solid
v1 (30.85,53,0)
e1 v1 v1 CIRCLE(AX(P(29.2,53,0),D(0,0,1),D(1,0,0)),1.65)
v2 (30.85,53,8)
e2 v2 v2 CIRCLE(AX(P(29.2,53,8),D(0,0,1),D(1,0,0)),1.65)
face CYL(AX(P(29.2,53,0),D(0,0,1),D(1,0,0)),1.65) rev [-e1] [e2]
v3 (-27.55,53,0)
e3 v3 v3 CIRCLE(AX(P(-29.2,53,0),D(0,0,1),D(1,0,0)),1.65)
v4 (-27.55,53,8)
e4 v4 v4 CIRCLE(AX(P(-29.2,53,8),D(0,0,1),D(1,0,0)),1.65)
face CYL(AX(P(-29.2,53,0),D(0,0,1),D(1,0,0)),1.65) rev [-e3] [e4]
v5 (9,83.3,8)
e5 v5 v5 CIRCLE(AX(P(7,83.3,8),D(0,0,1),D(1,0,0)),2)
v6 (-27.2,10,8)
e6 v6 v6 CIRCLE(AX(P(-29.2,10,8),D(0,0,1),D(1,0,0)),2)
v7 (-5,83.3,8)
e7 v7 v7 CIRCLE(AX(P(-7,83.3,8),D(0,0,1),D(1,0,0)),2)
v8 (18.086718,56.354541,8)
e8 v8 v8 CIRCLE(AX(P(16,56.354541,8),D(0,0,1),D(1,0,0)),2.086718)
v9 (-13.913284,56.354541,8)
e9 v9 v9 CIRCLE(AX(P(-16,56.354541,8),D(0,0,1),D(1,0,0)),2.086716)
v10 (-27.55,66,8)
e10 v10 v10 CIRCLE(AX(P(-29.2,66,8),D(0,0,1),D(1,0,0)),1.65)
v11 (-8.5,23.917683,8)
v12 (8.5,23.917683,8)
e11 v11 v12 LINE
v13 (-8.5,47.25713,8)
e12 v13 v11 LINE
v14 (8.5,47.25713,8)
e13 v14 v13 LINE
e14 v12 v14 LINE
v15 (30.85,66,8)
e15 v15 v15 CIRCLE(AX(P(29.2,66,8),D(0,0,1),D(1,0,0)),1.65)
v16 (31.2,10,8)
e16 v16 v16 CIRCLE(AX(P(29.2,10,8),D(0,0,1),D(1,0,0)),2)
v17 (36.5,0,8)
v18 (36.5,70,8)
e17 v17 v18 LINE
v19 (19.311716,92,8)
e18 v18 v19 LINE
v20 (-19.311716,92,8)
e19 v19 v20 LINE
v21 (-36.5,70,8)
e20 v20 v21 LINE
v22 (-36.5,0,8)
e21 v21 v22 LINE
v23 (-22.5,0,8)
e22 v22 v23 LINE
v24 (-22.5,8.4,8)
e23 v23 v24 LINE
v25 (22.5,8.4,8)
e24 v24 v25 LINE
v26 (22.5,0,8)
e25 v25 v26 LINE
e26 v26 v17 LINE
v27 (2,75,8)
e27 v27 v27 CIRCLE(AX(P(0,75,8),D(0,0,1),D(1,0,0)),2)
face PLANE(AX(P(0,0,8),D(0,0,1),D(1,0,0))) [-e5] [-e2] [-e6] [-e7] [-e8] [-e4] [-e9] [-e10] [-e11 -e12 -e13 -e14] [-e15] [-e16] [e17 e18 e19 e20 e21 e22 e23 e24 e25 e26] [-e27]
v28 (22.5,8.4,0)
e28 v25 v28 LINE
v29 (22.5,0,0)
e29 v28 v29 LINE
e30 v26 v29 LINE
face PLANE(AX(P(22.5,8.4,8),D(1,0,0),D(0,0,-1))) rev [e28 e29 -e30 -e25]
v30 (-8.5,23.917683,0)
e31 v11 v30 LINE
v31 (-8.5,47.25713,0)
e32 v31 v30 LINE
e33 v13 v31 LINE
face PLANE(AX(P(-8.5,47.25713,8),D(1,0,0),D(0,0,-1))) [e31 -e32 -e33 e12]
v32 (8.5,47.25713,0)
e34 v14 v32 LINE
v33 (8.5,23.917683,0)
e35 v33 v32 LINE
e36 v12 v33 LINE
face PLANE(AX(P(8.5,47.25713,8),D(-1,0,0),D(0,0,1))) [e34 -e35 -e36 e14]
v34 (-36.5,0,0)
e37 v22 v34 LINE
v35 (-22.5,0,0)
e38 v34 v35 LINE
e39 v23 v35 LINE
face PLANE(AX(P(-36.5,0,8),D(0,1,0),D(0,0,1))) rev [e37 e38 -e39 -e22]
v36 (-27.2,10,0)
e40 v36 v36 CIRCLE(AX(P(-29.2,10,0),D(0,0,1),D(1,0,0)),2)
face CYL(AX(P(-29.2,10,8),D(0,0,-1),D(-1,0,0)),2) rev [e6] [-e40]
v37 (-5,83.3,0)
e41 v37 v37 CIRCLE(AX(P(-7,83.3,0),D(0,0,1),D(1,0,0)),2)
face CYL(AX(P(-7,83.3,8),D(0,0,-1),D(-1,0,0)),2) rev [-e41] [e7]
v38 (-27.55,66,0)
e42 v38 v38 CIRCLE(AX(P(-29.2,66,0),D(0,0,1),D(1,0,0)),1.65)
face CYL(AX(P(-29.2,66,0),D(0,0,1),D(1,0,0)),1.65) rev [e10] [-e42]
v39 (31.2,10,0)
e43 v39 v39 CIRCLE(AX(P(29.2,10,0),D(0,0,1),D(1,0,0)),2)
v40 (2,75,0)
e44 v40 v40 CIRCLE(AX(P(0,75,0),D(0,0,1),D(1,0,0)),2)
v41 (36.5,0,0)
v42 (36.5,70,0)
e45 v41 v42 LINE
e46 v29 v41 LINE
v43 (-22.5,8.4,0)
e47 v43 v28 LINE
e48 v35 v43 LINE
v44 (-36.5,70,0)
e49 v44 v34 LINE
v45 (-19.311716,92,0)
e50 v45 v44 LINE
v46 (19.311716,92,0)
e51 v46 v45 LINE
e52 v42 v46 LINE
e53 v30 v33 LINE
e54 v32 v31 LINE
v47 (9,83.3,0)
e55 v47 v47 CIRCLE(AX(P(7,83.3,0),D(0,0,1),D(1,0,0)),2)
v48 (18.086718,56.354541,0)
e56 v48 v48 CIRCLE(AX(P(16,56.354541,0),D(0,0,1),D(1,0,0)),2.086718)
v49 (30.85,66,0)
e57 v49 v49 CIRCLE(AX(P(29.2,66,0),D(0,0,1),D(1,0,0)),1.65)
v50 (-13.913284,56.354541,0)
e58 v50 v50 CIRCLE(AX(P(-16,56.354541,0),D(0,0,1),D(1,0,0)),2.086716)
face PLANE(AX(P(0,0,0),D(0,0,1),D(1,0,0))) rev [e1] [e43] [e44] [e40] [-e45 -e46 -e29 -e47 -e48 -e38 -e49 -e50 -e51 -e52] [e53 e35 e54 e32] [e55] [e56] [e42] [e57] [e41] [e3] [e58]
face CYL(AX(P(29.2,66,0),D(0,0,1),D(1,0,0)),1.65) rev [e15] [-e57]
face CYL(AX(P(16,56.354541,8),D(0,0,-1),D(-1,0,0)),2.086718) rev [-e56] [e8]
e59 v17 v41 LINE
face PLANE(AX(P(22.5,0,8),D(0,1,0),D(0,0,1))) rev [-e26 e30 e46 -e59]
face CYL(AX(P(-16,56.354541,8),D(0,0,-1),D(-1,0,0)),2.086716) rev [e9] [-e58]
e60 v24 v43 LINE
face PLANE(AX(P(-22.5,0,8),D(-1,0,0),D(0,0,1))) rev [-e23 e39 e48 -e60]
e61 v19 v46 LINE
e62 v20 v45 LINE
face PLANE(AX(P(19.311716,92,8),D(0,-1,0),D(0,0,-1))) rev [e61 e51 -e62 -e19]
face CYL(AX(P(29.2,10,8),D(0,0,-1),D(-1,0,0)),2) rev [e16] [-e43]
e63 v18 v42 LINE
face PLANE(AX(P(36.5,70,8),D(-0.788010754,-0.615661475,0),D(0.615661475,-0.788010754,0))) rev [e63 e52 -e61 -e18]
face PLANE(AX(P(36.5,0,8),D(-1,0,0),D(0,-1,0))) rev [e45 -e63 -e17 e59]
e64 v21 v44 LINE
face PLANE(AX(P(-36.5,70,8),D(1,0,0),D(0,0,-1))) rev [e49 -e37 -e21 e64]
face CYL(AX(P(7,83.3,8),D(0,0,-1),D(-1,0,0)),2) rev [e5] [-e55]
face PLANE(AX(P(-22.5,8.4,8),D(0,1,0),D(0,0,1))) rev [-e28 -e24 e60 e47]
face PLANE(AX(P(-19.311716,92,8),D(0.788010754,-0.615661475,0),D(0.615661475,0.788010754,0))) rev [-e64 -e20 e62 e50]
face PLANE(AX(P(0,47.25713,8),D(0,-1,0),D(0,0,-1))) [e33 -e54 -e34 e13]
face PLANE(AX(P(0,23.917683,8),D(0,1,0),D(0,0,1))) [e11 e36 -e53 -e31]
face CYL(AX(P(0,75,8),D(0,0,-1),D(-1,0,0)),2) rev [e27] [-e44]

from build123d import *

# Parameters (mm, degrees)
ESBO_O1_R                = 2
ESBO_O1_R_2              = 2.086716092
ESBO_O1_R_3              = 2.086717953
RESSALTO_EXTRUS_O1_DEPTH = 8
ESBO_O4_R                = 1.65
CORTE_EXTRUS_O1_DEPTH    = 9


with BuildPart() as part:
    # Esboço1 → Ressalto-extrusão1 (new body)
    with BuildSketch(Plane.XY):
        Polygon((19.311716217, 92), (-19.311716217, 92), (-36.5, 70), (-36.5, 0), (-22.499999998, 0), (-22.499999998, 8.400000004), (22.499999998, 8.400000004), (22.499999998, 0), (36.5, 0), (36.5, 70), align=None)
        with Locations((0, 75)):
            Circle(ESBO_O1_R, mode=Mode.SUBTRACT)
        with Locations((-7, 83.3)):
            Circle(ESBO_O1_R, mode=Mode.SUBTRACT)
        with Locations((7, 83.3)):
            Circle(ESBO_O1_R, mode=Mode.SUBTRACT)
        with Locations((-29.2, 10)):
            Circle(ESBO_O1_R, mode=Mode.SUBTRACT)
        with Locations((29.2, 10)):
            Circle(ESBO_O1_R, mode=Mode.SUBTRACT)
        with Locations((-16, 56.354540575)):
            Circle(ESBO_O1_R_2, mode=Mode.SUBTRACT)
        with Locations((16, 56.354540575)):
            Circle(ESBO_O1_R_3, mode=Mode.SUBTRACT)
        Polygon((0, 47.257129716), (8.5, 47.257129716), (8.5, 23.917682695), (0, 23.917682695), (-8.5, 23.917682695), (-8.5, 47.257129716), align=None, mode=Mode.SUBTRACT)
    extrude(amount=RESSALTO_EXTRUS_O1_DEPTH)

    # Esboço4 → Corte-extrusão1 (cut, through all)
    with BuildSketch(Plane.XY.offset(8)):
        with Locations((-29.2, 66)):
            Circle(ESBO_O4_R)
        with Locations((-29.2, 53)):
            Circle(ESBO_O4_R)
        with Locations((29.2, 53)):
            Circle(ESBO_O4_R)
        with Locations((29.2, 66)):
            Circle(ESBO_O4_R)
    extrude(amount=-CORTE_EXTRUS_O1_DEPTH, mode=Mode.SUBTRACT)


solid = part.part
